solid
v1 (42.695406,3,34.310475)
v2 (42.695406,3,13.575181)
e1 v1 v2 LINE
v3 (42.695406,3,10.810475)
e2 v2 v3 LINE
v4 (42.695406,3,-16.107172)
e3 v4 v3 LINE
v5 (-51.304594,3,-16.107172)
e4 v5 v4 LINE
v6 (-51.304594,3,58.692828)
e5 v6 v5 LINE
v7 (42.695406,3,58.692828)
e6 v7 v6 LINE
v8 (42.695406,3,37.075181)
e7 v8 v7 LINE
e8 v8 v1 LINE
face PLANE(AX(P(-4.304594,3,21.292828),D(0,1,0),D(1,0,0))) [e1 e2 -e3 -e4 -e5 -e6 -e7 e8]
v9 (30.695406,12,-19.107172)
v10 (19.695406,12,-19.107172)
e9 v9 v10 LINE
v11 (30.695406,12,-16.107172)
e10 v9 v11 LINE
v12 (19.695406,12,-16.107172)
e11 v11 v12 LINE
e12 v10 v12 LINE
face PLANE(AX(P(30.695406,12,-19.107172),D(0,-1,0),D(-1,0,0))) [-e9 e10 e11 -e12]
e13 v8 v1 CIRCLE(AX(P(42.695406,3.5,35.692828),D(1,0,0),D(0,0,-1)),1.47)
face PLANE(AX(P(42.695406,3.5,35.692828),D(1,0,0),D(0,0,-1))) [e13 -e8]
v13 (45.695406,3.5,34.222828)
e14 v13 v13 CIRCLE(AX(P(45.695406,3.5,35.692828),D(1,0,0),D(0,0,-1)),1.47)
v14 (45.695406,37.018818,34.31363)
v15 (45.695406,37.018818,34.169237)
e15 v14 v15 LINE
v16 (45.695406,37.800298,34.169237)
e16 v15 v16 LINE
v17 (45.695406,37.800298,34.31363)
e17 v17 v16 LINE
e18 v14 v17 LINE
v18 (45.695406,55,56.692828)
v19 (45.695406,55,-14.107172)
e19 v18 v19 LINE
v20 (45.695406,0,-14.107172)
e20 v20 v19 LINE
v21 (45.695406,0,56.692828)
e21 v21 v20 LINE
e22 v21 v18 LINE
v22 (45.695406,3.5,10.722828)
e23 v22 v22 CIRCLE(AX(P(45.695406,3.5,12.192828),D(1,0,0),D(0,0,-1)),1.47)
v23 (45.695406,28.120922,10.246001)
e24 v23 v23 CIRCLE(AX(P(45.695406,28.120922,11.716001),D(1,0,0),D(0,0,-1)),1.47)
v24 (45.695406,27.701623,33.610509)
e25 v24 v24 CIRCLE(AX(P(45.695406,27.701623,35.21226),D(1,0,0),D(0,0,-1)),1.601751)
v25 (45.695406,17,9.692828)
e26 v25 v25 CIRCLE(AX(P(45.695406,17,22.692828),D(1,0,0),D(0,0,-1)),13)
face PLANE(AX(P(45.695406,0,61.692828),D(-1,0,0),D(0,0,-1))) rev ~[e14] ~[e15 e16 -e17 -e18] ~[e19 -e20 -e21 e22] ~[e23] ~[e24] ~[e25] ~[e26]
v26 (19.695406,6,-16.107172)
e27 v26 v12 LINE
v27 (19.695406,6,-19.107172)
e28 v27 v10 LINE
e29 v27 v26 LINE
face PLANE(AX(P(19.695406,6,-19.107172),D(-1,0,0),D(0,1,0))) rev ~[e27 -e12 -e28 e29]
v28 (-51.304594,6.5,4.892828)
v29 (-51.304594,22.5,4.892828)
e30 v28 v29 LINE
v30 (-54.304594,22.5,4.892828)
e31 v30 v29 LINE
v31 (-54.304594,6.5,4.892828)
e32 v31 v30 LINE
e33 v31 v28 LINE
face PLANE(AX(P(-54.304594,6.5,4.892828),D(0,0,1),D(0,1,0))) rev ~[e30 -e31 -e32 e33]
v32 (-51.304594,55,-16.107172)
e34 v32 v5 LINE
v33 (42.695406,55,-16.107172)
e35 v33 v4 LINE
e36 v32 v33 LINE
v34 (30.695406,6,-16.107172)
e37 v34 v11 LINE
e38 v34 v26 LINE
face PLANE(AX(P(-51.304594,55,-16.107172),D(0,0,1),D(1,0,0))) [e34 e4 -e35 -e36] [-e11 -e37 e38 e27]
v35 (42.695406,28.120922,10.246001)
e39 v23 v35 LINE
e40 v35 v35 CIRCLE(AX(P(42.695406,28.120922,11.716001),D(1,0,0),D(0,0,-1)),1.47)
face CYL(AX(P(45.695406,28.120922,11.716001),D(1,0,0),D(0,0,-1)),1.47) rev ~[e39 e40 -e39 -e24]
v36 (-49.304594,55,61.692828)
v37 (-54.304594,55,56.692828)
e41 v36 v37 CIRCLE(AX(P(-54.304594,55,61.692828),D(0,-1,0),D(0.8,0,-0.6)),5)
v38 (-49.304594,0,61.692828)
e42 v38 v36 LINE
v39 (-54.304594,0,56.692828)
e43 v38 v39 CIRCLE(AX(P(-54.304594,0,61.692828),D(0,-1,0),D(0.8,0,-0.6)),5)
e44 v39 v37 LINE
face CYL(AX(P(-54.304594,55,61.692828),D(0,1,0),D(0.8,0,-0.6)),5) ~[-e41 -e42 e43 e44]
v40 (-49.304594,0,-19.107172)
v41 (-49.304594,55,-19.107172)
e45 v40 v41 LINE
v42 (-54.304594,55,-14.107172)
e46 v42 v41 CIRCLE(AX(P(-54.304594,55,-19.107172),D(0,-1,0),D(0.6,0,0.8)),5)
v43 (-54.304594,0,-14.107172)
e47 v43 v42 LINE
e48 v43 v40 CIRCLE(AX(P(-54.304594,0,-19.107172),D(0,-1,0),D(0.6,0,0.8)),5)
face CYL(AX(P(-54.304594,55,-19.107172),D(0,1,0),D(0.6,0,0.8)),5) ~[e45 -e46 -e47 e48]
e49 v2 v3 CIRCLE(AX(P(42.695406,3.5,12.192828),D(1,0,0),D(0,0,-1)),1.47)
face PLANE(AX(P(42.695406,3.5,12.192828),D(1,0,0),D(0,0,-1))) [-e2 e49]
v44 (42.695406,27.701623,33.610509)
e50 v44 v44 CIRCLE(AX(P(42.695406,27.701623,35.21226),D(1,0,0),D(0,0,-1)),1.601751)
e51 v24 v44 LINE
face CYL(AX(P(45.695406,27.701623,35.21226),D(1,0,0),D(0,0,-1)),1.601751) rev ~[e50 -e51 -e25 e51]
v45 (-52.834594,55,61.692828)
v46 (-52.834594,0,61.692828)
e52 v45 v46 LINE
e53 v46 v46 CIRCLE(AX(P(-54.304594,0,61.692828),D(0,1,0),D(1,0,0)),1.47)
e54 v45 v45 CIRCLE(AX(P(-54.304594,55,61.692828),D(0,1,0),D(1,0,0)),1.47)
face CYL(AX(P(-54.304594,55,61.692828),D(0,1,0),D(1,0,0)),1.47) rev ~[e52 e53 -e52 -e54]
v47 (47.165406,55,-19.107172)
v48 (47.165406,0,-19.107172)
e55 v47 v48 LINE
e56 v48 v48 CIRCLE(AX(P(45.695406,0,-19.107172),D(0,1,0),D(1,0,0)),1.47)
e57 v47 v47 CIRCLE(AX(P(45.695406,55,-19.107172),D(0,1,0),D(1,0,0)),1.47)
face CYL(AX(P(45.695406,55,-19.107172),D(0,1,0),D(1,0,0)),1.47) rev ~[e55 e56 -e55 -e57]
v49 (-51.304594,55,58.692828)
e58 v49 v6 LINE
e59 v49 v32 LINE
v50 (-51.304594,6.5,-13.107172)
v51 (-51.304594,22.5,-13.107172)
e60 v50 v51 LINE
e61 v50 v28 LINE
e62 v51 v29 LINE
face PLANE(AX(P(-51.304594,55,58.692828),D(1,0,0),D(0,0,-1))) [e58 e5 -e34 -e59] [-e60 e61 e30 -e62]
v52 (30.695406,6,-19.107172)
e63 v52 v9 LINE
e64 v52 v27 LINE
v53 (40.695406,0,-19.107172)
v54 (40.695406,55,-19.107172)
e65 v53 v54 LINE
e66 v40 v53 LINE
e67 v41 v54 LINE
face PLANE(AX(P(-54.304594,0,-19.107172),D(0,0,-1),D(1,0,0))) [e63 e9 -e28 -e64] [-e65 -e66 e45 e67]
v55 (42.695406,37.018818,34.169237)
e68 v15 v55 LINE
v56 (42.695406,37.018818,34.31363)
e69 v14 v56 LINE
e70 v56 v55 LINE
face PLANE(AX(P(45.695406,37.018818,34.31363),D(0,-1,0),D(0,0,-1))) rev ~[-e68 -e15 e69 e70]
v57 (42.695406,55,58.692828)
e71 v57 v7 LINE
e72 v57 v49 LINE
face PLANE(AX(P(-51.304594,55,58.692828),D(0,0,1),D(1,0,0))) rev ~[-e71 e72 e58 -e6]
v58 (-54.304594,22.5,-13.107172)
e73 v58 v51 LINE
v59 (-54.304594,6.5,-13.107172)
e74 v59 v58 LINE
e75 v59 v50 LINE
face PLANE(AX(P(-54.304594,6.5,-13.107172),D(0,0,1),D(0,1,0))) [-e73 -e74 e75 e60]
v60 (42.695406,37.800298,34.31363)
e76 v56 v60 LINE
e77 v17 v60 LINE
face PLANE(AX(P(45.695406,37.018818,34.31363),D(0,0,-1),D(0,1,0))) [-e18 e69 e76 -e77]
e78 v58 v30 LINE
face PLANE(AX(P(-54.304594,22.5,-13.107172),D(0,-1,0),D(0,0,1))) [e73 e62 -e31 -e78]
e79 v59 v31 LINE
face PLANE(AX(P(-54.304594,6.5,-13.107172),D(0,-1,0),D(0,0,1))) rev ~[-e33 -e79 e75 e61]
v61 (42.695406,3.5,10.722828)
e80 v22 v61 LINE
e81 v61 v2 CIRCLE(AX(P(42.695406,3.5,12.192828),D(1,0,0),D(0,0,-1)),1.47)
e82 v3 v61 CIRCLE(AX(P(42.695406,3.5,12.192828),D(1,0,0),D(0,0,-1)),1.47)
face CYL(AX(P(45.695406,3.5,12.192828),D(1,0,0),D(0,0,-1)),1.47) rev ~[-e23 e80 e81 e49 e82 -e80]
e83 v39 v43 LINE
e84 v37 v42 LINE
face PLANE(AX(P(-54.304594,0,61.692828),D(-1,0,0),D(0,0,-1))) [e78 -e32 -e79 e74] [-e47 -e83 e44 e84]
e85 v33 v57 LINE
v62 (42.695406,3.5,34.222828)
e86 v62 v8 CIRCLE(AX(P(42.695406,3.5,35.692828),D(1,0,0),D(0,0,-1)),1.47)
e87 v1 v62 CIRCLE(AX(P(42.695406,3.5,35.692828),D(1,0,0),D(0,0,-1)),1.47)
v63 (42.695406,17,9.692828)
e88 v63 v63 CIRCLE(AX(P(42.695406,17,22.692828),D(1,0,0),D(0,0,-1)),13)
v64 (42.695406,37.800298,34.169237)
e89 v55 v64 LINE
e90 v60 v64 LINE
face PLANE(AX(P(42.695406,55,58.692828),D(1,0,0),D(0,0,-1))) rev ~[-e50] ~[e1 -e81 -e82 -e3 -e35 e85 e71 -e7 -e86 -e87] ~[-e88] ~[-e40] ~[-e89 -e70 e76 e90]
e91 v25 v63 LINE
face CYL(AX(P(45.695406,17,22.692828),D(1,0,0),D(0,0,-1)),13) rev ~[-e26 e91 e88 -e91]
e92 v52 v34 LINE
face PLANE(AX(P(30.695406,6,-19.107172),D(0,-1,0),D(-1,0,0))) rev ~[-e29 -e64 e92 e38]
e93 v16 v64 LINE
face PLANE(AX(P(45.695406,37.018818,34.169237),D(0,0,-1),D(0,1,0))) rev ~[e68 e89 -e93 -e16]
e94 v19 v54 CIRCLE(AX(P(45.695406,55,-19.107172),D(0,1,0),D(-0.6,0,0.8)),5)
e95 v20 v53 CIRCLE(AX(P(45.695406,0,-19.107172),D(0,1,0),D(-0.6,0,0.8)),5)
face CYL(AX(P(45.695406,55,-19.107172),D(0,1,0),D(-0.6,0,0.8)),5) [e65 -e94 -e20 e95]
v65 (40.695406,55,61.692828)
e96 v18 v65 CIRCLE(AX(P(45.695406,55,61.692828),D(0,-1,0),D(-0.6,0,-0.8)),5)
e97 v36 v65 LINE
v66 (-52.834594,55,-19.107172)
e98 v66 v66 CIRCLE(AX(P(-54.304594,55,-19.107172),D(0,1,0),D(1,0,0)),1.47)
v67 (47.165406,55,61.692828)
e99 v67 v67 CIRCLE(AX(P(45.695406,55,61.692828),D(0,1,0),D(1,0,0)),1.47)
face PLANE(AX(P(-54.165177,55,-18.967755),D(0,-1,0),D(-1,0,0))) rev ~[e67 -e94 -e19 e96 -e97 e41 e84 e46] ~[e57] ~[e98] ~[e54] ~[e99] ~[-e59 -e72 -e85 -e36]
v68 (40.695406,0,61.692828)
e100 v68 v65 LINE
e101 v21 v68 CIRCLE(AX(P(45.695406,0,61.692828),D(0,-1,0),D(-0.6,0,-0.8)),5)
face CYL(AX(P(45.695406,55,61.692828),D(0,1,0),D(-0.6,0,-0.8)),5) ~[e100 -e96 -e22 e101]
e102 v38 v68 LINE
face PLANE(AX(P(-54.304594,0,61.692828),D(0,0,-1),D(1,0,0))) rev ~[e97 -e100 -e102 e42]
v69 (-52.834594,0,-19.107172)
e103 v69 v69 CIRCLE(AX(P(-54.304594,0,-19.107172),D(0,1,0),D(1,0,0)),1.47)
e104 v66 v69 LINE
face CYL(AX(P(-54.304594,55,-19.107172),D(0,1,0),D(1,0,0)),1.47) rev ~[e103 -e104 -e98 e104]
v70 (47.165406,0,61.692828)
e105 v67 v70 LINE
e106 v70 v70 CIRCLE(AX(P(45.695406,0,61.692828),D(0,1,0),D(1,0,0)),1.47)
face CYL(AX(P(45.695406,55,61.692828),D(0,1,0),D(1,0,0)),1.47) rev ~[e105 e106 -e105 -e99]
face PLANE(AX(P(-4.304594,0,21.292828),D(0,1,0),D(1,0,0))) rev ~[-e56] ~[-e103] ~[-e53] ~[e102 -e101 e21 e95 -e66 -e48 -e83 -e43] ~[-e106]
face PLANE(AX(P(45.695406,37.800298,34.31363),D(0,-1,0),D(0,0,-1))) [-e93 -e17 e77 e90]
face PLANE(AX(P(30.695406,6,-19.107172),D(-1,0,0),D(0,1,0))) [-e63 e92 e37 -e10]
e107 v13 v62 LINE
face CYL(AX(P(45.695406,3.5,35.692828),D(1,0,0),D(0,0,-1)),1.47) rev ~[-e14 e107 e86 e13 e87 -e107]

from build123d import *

# Parameters (mm, degrees)
SKETCH1_W           = 100
SKETCH1_H           = 80.8
BOSS_EXTRUDE1_DEPTH = 55
SKETCH2_W           = 94
SKETCH2_H           = 74.8
CUT_EXTRUDE1_DEPTH  = 52
SKETCH3_W           = 18
SKETCH3_H           = 16
CUT_EXTRUDE2_DEPTH  = 3
SKETCH4_W           = 11
SKETCH4_H           = 6
CUT_EXTRUDE3_DEPTH  = 3
SKETCH5_R           = 13
SKETCH5_W           = 0.144392858
SKETCH5_H           = 0.781479989
CUT_EXTRUDE5_DEPTH  = 3
SKETCH7_R           = 1.601751043
SKETCH7_R_2         = 1.47
CUT_EXTRUDE6_DEPTH  = 3
BOSS_EXTRUDE2_DEPTH = 55
BOSS_EXTRUDE3_DEPTH = 55
BOSS_EXTRUDE4_DEPTH = 55
BOSS_EXTRUDE5_DEPTH = 55
SKETCH13_R          = 1.47
CUT_EXTRUDE7_DEPTH  = 55
SKETCH14_R          = 1.47
CUT_EXTRUDE8_DEPTH  = 55
SKETCH15_R          = 1.47
CUT_EXTRUDE9_DEPTH  = 55
SKETCH16_R          = 1.47
CUT_EXTRUDE10_DEPTH = 55


with BuildPart() as part:
    # Sketch1 → Boss-Extrude1 (new body)
    with BuildSketch(Plane(origin=(0, 0, 0), x_dir=(1, 0, 0), z_dir=(0, 1, 0))):
        with Locations((-4.304593931, -21.292828061)):
            Rectangle(SKETCH1_W, SKETCH1_H)
    extrude(amount=BOSS_EXTRUDE1_DEPTH)

    # Sketch2 → Cut-Extrude1 (cut)
    with BuildSketch(Plane(origin=(0, 55, 0), x_dir=(1, 0, 0), z_dir=(0, 1, 0))):
        with Locations((-4.304593931, -21.292828061)):
            Rectangle(SKETCH2_W, SKETCH2_H)
    extrude(amount=-CUT_EXTRUDE1_DEPTH, mode=Mode.SUBTRACT)

    # Sketch3 → Cut-Extrude2 (cut)
    with BuildSketch(Plane.ZY.offset(54.304593931)):
        with Locations((-4.107171939, 14.5)):
            Rectangle(SKETCH3_W, SKETCH3_H)
    extrude(amount=-CUT_EXTRUDE2_DEPTH, mode=Mode.SUBTRACT)

    # Sketch4 → Cut-Extrude3 (cut)
    with BuildSketch(Plane(origin=(0, 0, -19.107171939), x_dir=(-1, 0, 0), z_dir=(0, 0, -1))):
        with Locations((-25.195406069, 9)):
            Rectangle(SKETCH4_W, SKETCH4_H)
    extrude(amount=-CUT_EXTRUDE3_DEPTH, mode=Mode.SUBTRACT)

    # Sketch5 → Cut-Extrude5 (cut)
    with BuildSketch(Plane(origin=(45.695406069, 0, 0), x_dir=(0, 0, -1), z_dir=(1, 0, 0))):
        with Locations((-22.692828061, 17)):
            Circle(SKETCH5_R)
        with Locations((-34.241433139, 37.409557734)):
            Rectangle(SKETCH5_W, SKETCH5_H)
    extrude(amount=-CUT_EXTRUDE5_DEPTH, mode=Mode.SUBTRACT)

    # Sketch7 → Cut-Extrude6 (cut)
    with BuildSketch(Plane(origin=(45.695406069, 0, 0), x_dir=(0, 0, -1), z_dir=(1, 0, 0))):
        with Locations((-35.2122597, 27.701622842)):
            Circle(SKETCH7_R)
        with Locations((-35.692828061, 3.5)):
            Circle(SKETCH7_R_2)
        with Locations((-12.192828061, 3.5)):
            Circle(SKETCH7_R_2)
        with Locations((-11.71600068, 28.120922326)):
            Circle(SKETCH7_R_2)
    extrude(amount=-CUT_EXTRUDE6_DEPTH, mode=Mode.SUBTRACT)

    # Sketch9 → Boss-Extrude2 (add)
    with BuildSketch(Plane(origin=(0, 55, 0), x_dir=(1, 0, 0), z_dir=(0, 1, 0))):
        with BuildLine():
            Line((41.695406069, 16.107171939), (42.695406069, 16.107171939))
            Line((42.695406069, 16.107171939), (42.695406069, 15.107171939))
            ThreePointArc((42.695406069, 15.107171939), (49.230939975, 22.642705845), (41.695406069, 16.107171939))
        make_face()
    extrude(amount=-BOSS_EXTRUDE2_DEPTH)

    # Sketch10 → Boss-Extrude3 (add)
    with BuildSketch(Plane(origin=(0, 55, 0), x_dir=(1, 0, 0), z_dir=(0, 1, 0))):
        with BuildLine():
            Line((-51.304593931, -57.692828061), (-51.304593931, -58.692828061))
            Line((-51.304593931, -58.692828061), (-50.304593931, -58.692828061))
            ThreePointArc((-50.304593931, -58.692828061), (-57.840127837, -65.228361967), (-51.304593931, -57.692828061))
        make_face()
    extrude(amount=-BOSS_EXTRUDE3_DEPTH)

    # Sketch11 → Boss-Extrude4 (add)
    with BuildSketch(Plane(origin=(0, 55, 0), x_dir=(1, 0, 0), z_dir=(0, 1, 0))):
        with BuildLine():
            Line((-50.304593931, 16.107171939), (-51.304593931, 16.107171939))
            Line((-51.304593931, 16.107171939), (-51.304593931, 15.107171939))
            ThreePointArc((-51.304593931, 15.107171939), (-57.840127837, 22.642705845), (-50.304593931, 16.107171939))
        make_face()
    extrude(amount=-BOSS_EXTRUDE4_DEPTH)

    # Sketch12 → Boss-Extrude5 (add)
    with BuildSketch(Plane(origin=(0, 55, 0), x_dir=(1, 0, 0), z_dir=(0, 1, 0))):
        with BuildLine():
            Line((41.695406069, -58.692828061), (42.695406069, -58.692828061))
            Line((42.695406069, -58.692828061), (42.695406069, -57.692828061))
            ThreePointArc((42.695406069, -57.692828061), (49.230939975, -65.228361967), (41.695406069, -58.692828061))
        make_face()
    extrude(amount=-BOSS_EXTRUDE5_DEPTH)

    # Sketch13 → Cut-Extrude7 (cut)
    with BuildSketch(Plane(origin=(0, 55, 0), x_dir=(1, 0, 0), z_dir=(0, 1, 0))):
        with Locations((45.695406069, -61.692828061)):
            Circle(SKETCH13_R)
    extrude(amount=-CUT_EXTRUDE7_DEPTH, mode=Mode.SUBTRACT)

    # Sketch14 → Cut-Extrude8 (cut)
    with BuildSketch(Plane(origin=(0, 55, 0), x_dir=(1, 0, 0), z_dir=(0, 1, 0))):
        with Locations((45.695406069, 19.107171939)):
            Circle(SKETCH14_R)
    extrude(amount=-CUT_EXTRUDE8_DEPTH, mode=Mode.SUBTRACT)

    # Sketch15 → Cut-Extrude9 (cut)
    with BuildSketch(Plane(origin=(0, 55, 0), x_dir=(1, 0, 0), z_dir=(0, 1, 0))):
        with Locations((-54.304593931, 19.107171939)):
            Circle(SKETCH15_R)
    extrude(amount=-CUT_EXTRUDE9_DEPTH, mode=Mode.SUBTRACT)

    # Sketch16 → Cut-Extrude10 (cut)
    with BuildSketch(Plane(origin=(0, 55, 0), x_dir=(1, 0, 0), z_dir=(0, 1, 0))):
        with Locations((-54.304593931, -61.692828061)):
            Circle(SKETCH16_R)
    extrude(amount=-CUT_EXTRUDE10_DEPTH, mode=Mode.SUBTRACT)


solid = part.part
